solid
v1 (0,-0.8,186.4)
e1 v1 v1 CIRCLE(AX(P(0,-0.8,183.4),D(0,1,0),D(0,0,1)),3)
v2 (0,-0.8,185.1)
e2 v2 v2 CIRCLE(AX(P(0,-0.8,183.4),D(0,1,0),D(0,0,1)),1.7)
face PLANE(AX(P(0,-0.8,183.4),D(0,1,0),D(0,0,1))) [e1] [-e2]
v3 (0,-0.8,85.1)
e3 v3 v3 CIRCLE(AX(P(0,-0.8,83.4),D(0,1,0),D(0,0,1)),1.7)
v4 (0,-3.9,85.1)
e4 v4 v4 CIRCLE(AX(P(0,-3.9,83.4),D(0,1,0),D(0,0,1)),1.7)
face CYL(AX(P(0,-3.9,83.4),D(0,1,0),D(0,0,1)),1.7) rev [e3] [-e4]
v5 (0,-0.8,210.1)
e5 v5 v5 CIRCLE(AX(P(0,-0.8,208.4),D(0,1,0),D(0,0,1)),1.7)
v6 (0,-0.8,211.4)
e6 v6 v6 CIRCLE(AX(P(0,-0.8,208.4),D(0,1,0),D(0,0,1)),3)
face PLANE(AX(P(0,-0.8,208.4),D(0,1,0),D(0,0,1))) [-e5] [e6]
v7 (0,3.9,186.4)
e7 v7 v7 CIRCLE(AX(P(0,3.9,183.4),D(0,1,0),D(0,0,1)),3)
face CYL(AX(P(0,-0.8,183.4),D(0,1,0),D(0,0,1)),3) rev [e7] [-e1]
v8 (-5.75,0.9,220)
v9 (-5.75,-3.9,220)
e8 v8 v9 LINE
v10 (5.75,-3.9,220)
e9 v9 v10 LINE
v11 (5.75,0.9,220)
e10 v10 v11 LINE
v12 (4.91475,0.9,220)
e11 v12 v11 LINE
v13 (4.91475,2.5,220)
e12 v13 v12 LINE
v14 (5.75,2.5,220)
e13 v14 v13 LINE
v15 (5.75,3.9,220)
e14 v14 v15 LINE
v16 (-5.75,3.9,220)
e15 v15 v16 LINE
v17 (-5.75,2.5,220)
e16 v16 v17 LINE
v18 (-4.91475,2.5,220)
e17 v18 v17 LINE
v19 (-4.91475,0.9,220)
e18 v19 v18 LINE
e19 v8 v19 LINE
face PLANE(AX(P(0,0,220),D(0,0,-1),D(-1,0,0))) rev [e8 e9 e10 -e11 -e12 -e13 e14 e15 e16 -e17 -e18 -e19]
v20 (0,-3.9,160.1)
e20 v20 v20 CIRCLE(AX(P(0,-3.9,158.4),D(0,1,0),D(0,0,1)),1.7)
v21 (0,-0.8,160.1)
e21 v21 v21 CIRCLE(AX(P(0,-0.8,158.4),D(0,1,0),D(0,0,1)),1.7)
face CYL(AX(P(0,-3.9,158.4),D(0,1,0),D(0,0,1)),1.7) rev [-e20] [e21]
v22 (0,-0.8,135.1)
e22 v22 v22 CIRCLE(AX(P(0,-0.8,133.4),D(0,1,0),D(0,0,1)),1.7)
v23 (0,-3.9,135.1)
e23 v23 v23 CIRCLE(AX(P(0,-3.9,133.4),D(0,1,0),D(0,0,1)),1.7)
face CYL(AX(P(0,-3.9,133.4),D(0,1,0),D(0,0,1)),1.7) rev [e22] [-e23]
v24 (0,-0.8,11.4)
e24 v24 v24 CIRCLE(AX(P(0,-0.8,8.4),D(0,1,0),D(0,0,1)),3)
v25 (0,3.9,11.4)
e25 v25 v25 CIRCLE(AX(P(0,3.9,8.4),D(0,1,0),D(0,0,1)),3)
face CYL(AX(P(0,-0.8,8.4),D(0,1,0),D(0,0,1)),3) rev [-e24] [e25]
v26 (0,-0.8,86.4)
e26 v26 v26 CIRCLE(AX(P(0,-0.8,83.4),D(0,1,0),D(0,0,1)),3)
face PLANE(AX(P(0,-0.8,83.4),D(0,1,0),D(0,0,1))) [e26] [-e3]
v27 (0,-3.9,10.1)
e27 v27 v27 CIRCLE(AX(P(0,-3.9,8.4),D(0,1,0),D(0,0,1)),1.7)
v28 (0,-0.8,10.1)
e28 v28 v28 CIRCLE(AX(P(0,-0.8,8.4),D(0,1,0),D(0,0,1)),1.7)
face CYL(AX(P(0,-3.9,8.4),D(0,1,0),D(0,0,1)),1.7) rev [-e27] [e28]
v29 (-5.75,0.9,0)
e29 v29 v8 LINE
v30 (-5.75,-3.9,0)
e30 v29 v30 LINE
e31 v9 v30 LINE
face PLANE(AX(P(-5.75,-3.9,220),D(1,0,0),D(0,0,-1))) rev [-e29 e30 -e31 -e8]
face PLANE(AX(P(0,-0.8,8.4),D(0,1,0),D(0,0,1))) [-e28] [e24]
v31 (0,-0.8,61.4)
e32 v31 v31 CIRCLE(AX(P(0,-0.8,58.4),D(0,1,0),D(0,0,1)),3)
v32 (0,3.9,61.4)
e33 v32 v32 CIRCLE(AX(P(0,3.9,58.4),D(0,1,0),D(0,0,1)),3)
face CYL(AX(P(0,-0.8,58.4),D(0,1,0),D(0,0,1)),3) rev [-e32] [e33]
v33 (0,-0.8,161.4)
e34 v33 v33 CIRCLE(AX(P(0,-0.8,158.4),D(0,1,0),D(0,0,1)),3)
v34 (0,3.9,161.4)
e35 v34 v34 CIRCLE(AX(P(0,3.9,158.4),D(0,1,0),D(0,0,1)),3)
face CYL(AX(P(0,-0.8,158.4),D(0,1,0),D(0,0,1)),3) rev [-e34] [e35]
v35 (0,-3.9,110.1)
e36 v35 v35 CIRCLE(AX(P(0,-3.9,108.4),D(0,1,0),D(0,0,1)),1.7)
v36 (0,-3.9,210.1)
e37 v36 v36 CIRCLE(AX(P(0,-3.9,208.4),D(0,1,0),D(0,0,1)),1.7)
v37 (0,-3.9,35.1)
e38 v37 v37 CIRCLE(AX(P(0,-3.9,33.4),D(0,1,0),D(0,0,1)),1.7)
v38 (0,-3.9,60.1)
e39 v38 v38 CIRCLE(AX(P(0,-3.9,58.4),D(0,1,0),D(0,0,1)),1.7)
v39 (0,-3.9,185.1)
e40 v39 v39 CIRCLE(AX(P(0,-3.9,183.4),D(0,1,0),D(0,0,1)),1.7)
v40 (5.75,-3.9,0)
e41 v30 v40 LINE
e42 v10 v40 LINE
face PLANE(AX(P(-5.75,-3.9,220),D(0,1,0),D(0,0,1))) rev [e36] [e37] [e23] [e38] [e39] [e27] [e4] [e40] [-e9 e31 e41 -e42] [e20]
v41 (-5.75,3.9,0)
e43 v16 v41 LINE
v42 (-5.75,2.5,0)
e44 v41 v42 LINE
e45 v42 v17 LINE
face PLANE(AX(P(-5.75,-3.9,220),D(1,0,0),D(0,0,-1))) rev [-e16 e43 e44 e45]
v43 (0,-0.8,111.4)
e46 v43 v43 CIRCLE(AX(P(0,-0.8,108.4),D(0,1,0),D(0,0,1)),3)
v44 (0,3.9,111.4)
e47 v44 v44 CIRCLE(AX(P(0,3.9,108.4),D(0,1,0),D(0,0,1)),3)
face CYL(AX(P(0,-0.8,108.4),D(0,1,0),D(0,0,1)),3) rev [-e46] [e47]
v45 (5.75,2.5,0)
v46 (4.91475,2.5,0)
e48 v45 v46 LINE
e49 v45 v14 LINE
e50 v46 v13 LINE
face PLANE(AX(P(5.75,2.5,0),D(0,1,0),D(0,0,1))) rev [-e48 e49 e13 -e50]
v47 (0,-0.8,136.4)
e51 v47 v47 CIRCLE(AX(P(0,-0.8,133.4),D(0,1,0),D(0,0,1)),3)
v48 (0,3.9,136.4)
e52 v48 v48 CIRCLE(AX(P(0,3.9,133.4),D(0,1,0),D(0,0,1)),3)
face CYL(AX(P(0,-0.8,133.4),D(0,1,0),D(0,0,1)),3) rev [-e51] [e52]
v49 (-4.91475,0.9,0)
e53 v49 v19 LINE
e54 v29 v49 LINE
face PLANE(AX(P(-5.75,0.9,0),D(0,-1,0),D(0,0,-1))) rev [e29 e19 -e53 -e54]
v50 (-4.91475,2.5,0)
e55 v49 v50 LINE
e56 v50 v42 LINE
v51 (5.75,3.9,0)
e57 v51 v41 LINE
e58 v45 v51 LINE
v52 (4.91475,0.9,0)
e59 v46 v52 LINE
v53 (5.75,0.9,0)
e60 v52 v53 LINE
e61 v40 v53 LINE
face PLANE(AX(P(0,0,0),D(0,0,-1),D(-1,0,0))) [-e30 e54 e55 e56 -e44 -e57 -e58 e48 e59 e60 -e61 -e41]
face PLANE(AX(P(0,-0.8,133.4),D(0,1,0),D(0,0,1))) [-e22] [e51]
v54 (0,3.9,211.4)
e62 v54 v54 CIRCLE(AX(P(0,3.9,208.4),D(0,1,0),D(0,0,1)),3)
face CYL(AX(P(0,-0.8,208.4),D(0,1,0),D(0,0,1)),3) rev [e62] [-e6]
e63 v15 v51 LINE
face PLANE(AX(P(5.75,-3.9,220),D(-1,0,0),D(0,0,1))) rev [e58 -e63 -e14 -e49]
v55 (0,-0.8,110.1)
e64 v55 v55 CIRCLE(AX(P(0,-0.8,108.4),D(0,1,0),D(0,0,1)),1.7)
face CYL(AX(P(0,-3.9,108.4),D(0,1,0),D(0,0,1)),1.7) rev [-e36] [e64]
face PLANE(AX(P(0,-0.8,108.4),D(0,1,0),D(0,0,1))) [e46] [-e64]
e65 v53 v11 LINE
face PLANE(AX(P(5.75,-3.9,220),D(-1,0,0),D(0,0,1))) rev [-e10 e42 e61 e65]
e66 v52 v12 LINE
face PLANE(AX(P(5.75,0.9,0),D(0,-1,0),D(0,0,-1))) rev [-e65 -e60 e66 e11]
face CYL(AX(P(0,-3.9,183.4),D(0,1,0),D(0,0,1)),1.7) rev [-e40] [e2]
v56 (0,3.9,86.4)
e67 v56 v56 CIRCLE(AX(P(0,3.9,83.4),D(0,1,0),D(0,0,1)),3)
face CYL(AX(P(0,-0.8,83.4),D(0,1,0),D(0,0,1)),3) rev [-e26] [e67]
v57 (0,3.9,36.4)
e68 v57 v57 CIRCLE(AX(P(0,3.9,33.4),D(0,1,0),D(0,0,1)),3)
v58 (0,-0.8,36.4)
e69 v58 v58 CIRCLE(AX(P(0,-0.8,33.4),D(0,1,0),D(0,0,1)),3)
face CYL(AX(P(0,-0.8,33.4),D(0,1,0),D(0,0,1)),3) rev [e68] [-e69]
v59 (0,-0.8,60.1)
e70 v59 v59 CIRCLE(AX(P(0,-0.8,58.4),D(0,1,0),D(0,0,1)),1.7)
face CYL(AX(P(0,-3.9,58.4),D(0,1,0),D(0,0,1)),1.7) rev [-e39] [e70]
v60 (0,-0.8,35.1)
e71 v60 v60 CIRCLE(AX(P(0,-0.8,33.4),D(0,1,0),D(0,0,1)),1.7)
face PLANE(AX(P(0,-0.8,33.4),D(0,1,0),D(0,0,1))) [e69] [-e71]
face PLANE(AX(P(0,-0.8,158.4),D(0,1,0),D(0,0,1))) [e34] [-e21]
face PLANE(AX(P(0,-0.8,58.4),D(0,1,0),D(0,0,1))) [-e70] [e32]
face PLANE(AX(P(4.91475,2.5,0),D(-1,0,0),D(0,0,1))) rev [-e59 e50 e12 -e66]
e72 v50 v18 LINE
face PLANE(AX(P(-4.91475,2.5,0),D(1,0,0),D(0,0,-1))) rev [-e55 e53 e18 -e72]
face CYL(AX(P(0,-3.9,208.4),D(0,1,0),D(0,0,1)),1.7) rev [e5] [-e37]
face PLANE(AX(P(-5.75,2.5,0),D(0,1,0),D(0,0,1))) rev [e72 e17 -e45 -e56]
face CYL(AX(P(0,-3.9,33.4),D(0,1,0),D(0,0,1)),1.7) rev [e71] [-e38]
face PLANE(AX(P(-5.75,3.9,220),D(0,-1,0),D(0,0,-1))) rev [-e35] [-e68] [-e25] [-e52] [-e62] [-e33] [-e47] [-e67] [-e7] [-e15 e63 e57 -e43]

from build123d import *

# Parameters (mm, degrees)
SKETCH1_W           = 11.5
SKETCH1_H           = 7.8
BOSS_EXTRUDE1_DEPTH = 220
SKETCH2_W           = 0.835250229
SKETCH2_H           = 1.6
CUT_EXTRUDE1_DEPTH  = 221.109682886
SKETCH3_R           = 3
CUT_EXTRUDE2_DEPTH  = 4.7
SKETCH4_R           = 1.7
CUT_EXTRUDE3_DEPTH  = 221.125310903


with BuildPart() as part:
    # Sketch1 → Boss-Extrude1 (new body)
    with BuildSketch(Plane.XY):
        Rectangle(SKETCH1_W, SKETCH1_H)
    extrude(amount=BOSS_EXTRUDE1_DEPTH)

    # Sketch2 → Cut-Extrude1 (cut, through all)
    with BuildSketch(Plane.XY.offset(220)):
        with Locations((5.332374886, 1.7)):
            Rectangle(SKETCH2_W, SKETCH2_H)
        with Locations((-5.332374886, 1.7)):
            Rectangle(SKETCH2_W, SKETCH2_H)
    extrude(amount=-CUT_EXTRUDE1_DEPTH, mode=Mode.SUBTRACT)

    # Sketch3 → Cut-Extrude2 (cut)
    with BuildSketch(Plane(origin=(0, 3.9, 0), x_dir=(1, 0, 0), z_dir=(0, 1, 0))):
        with Locations(Location((0, -208.4, 0), (0, 0, 270))):
            Circle(SKETCH3_R)
        with Locations(Location((0, -183.4, 0), (0, 0, 270))):
            Circle(SKETCH3_R)
        with Locations(Location((0, -158.4, 0), (0, 0, 270))):
            Circle(SKETCH3_R)
        with Locations(Location((0, -133.4, 0), (0, 0, 270))):
            Circle(SKETCH3_R)
        with Locations(Location((0, -108.4, 0), (0, 0, 270))):
            Circle(SKETCH3_R)
        with Locations(Location((0, -83.4, 0), (0, 0, 270))):
            Circle(SKETCH3_R)
        with Locations(Location((0, -58.4, 0), (0, 0, 270))):
            Circle(SKETCH3_R)
        with Locations(Location((0, -33.4, 0), (0, 0, 270))):
            Circle(SKETCH3_R)
        with Locations(Location((0, -8.4, 0), (0, 0, 270))):
            Circle(SKETCH3_R)
        with Locations((0, 16.6)):
            Circle(SKETCH3_R)
        with Locations((0, 41.6)):
            Circle(SKETCH3_R)
        with Locations((0, 66.6)):
            Circle(SKETCH3_R)
        with Locations((0, 91.6)):
            Circle(SKETCH3_R)
        with Locations((0, 116.6)):
            Circle(SKETCH3_R)
        with Locations((0, 141.6)):
            Circle(SKETCH3_R)
        with Locations((0, 166.6)):
            Circle(SKETCH3_R)
        with Locations((0, 191.6)):
            Circle(SKETCH3_R)
        with Locations((0, 216.6)):
            Circle(SKETCH3_R)
        with Locations((0, 241.6)):
            Circle(SKETCH3_R)
        with Locations((0, 266.6)):
            Circle(SKETCH3_R)
        with Locations((0, 291.6)):
            Circle(SKETCH3_R)
        with Locations((0, 316.6)):
            Circle(SKETCH3_R)
        with Locations((0, 341.6)):
            Circle(SKETCH3_R)
        with Locations((0, 366.6)):
            Circle(SKETCH3_R)
        with Locations((0, 391.6)):
            Circle(SKETCH3_R)
        with Locations((0, 416.6)):
            Circle(SKETCH3_R)
        with Locations((0, 441.6)):
            Circle(SKETCH3_R)
        with Locations((0, 466.6)):
            Circle(SKETCH3_R)
        with Locations((0, 491.6)):
            Circle(SKETCH3_R)
        with Locations((0, 516.6)):
            Circle(SKETCH3_R)
    extrude(amount=-CUT_EXTRUDE2_DEPTH, mode=Mode.SUBTRACT)

    # Sketch4 → Cut-Extrude3 (cut, through all)
    with BuildSketch(Plane(origin=(0, -0.8, 0), x_dir=(1, 0, 0), z_dir=(0, 1, 0))):
        with Locations(Location((0, -208.4, 0), (0, 0, 270))):
            Circle(SKETCH4_R)
        with Locations(Location((0, -183.4, 0), (0, 0, 270))):
            Circle(SKETCH4_R)
        with Locations(Location((0, -158.4, 0), (0, 0, 270))):
            Circle(SKETCH4_R)
        with Locations(Location((0, -133.4, 0), (0, 0, 270))):
            Circle(SKETCH4_R)
        with Locations(Location((0, -108.4, 0), (0, 0, 270))):
            Circle(SKETCH4_R)
        with Locations(Location((0, -83.4, 0), (0, 0, 270))):
            Circle(SKETCH4_R)
        with Locations(Location((0, -58.4, 0), (0, 0, 270))):
            Circle(SKETCH4_R)
        with Locations(Location((0, -33.4, 0), (0, 0, 270))):
            Circle(SKETCH4_R)
        with Locations(Location((0, -8.4, 0), (0, 0, 270))):
            Circle(SKETCH4_R)
        with Locations((0, 16.6)):
            Circle(SKETCH4_R)
        with Locations((0, 41.6)):
            Circle(SKETCH4_R)
        with Locations((0, 66.6)):
            Circle(SKETCH4_R)
        with Locations((0, 91.6)):
            Circle(SKETCH4_R)
        with Locations((0, 116.6)):
            Circle(SKETCH4_R)
        with Locations((0, 141.6)):
            Circle(SKETCH4_R)
        with Locations((0, 166.6)):
            Circle(SKETCH4_R)
        with Locations((0, 191.6)):
            Circle(SKETCH4_R)
        with Locations((0, 216.6)):
            Circle(SKETCH4_R)
        with Locations((0, 241.6)):
            Circle(SKETCH4_R)
        with Locations((0, 266.6)):
            Circle(SKETCH4_R)
        with Locations((0, 291.6)):
            Circle(SKETCH4_R)
        with Locations((0, 316.6)):
            Circle(SKETCH4_R)
        with Locations((0, 341.6)):
            Circle(SKETCH4_R)
        with Locations((0, 366.6)):
            Circle(SKETCH4_R)
        with Locations((0, 391.6)):
            Circle(SKETCH4_R)
        with Locations((0, 416.6)):
            Circle(SKETCH4_R)
        with Locations((0, 441.6)):
            Circle(SKETCH4_R)
        with Locations((0, 466.6)):
            Circle(SKETCH4_R)
        with Locations((0, 491.6)):
            Circle(SKETCH4_R)
        with Locations((0, 516.6)):
            Circle(SKETCH4_R)
    extrude(amount=-CUT_EXTRUDE3_DEPTH, mode=Mode.SUBTRACT)


solid = part.part
